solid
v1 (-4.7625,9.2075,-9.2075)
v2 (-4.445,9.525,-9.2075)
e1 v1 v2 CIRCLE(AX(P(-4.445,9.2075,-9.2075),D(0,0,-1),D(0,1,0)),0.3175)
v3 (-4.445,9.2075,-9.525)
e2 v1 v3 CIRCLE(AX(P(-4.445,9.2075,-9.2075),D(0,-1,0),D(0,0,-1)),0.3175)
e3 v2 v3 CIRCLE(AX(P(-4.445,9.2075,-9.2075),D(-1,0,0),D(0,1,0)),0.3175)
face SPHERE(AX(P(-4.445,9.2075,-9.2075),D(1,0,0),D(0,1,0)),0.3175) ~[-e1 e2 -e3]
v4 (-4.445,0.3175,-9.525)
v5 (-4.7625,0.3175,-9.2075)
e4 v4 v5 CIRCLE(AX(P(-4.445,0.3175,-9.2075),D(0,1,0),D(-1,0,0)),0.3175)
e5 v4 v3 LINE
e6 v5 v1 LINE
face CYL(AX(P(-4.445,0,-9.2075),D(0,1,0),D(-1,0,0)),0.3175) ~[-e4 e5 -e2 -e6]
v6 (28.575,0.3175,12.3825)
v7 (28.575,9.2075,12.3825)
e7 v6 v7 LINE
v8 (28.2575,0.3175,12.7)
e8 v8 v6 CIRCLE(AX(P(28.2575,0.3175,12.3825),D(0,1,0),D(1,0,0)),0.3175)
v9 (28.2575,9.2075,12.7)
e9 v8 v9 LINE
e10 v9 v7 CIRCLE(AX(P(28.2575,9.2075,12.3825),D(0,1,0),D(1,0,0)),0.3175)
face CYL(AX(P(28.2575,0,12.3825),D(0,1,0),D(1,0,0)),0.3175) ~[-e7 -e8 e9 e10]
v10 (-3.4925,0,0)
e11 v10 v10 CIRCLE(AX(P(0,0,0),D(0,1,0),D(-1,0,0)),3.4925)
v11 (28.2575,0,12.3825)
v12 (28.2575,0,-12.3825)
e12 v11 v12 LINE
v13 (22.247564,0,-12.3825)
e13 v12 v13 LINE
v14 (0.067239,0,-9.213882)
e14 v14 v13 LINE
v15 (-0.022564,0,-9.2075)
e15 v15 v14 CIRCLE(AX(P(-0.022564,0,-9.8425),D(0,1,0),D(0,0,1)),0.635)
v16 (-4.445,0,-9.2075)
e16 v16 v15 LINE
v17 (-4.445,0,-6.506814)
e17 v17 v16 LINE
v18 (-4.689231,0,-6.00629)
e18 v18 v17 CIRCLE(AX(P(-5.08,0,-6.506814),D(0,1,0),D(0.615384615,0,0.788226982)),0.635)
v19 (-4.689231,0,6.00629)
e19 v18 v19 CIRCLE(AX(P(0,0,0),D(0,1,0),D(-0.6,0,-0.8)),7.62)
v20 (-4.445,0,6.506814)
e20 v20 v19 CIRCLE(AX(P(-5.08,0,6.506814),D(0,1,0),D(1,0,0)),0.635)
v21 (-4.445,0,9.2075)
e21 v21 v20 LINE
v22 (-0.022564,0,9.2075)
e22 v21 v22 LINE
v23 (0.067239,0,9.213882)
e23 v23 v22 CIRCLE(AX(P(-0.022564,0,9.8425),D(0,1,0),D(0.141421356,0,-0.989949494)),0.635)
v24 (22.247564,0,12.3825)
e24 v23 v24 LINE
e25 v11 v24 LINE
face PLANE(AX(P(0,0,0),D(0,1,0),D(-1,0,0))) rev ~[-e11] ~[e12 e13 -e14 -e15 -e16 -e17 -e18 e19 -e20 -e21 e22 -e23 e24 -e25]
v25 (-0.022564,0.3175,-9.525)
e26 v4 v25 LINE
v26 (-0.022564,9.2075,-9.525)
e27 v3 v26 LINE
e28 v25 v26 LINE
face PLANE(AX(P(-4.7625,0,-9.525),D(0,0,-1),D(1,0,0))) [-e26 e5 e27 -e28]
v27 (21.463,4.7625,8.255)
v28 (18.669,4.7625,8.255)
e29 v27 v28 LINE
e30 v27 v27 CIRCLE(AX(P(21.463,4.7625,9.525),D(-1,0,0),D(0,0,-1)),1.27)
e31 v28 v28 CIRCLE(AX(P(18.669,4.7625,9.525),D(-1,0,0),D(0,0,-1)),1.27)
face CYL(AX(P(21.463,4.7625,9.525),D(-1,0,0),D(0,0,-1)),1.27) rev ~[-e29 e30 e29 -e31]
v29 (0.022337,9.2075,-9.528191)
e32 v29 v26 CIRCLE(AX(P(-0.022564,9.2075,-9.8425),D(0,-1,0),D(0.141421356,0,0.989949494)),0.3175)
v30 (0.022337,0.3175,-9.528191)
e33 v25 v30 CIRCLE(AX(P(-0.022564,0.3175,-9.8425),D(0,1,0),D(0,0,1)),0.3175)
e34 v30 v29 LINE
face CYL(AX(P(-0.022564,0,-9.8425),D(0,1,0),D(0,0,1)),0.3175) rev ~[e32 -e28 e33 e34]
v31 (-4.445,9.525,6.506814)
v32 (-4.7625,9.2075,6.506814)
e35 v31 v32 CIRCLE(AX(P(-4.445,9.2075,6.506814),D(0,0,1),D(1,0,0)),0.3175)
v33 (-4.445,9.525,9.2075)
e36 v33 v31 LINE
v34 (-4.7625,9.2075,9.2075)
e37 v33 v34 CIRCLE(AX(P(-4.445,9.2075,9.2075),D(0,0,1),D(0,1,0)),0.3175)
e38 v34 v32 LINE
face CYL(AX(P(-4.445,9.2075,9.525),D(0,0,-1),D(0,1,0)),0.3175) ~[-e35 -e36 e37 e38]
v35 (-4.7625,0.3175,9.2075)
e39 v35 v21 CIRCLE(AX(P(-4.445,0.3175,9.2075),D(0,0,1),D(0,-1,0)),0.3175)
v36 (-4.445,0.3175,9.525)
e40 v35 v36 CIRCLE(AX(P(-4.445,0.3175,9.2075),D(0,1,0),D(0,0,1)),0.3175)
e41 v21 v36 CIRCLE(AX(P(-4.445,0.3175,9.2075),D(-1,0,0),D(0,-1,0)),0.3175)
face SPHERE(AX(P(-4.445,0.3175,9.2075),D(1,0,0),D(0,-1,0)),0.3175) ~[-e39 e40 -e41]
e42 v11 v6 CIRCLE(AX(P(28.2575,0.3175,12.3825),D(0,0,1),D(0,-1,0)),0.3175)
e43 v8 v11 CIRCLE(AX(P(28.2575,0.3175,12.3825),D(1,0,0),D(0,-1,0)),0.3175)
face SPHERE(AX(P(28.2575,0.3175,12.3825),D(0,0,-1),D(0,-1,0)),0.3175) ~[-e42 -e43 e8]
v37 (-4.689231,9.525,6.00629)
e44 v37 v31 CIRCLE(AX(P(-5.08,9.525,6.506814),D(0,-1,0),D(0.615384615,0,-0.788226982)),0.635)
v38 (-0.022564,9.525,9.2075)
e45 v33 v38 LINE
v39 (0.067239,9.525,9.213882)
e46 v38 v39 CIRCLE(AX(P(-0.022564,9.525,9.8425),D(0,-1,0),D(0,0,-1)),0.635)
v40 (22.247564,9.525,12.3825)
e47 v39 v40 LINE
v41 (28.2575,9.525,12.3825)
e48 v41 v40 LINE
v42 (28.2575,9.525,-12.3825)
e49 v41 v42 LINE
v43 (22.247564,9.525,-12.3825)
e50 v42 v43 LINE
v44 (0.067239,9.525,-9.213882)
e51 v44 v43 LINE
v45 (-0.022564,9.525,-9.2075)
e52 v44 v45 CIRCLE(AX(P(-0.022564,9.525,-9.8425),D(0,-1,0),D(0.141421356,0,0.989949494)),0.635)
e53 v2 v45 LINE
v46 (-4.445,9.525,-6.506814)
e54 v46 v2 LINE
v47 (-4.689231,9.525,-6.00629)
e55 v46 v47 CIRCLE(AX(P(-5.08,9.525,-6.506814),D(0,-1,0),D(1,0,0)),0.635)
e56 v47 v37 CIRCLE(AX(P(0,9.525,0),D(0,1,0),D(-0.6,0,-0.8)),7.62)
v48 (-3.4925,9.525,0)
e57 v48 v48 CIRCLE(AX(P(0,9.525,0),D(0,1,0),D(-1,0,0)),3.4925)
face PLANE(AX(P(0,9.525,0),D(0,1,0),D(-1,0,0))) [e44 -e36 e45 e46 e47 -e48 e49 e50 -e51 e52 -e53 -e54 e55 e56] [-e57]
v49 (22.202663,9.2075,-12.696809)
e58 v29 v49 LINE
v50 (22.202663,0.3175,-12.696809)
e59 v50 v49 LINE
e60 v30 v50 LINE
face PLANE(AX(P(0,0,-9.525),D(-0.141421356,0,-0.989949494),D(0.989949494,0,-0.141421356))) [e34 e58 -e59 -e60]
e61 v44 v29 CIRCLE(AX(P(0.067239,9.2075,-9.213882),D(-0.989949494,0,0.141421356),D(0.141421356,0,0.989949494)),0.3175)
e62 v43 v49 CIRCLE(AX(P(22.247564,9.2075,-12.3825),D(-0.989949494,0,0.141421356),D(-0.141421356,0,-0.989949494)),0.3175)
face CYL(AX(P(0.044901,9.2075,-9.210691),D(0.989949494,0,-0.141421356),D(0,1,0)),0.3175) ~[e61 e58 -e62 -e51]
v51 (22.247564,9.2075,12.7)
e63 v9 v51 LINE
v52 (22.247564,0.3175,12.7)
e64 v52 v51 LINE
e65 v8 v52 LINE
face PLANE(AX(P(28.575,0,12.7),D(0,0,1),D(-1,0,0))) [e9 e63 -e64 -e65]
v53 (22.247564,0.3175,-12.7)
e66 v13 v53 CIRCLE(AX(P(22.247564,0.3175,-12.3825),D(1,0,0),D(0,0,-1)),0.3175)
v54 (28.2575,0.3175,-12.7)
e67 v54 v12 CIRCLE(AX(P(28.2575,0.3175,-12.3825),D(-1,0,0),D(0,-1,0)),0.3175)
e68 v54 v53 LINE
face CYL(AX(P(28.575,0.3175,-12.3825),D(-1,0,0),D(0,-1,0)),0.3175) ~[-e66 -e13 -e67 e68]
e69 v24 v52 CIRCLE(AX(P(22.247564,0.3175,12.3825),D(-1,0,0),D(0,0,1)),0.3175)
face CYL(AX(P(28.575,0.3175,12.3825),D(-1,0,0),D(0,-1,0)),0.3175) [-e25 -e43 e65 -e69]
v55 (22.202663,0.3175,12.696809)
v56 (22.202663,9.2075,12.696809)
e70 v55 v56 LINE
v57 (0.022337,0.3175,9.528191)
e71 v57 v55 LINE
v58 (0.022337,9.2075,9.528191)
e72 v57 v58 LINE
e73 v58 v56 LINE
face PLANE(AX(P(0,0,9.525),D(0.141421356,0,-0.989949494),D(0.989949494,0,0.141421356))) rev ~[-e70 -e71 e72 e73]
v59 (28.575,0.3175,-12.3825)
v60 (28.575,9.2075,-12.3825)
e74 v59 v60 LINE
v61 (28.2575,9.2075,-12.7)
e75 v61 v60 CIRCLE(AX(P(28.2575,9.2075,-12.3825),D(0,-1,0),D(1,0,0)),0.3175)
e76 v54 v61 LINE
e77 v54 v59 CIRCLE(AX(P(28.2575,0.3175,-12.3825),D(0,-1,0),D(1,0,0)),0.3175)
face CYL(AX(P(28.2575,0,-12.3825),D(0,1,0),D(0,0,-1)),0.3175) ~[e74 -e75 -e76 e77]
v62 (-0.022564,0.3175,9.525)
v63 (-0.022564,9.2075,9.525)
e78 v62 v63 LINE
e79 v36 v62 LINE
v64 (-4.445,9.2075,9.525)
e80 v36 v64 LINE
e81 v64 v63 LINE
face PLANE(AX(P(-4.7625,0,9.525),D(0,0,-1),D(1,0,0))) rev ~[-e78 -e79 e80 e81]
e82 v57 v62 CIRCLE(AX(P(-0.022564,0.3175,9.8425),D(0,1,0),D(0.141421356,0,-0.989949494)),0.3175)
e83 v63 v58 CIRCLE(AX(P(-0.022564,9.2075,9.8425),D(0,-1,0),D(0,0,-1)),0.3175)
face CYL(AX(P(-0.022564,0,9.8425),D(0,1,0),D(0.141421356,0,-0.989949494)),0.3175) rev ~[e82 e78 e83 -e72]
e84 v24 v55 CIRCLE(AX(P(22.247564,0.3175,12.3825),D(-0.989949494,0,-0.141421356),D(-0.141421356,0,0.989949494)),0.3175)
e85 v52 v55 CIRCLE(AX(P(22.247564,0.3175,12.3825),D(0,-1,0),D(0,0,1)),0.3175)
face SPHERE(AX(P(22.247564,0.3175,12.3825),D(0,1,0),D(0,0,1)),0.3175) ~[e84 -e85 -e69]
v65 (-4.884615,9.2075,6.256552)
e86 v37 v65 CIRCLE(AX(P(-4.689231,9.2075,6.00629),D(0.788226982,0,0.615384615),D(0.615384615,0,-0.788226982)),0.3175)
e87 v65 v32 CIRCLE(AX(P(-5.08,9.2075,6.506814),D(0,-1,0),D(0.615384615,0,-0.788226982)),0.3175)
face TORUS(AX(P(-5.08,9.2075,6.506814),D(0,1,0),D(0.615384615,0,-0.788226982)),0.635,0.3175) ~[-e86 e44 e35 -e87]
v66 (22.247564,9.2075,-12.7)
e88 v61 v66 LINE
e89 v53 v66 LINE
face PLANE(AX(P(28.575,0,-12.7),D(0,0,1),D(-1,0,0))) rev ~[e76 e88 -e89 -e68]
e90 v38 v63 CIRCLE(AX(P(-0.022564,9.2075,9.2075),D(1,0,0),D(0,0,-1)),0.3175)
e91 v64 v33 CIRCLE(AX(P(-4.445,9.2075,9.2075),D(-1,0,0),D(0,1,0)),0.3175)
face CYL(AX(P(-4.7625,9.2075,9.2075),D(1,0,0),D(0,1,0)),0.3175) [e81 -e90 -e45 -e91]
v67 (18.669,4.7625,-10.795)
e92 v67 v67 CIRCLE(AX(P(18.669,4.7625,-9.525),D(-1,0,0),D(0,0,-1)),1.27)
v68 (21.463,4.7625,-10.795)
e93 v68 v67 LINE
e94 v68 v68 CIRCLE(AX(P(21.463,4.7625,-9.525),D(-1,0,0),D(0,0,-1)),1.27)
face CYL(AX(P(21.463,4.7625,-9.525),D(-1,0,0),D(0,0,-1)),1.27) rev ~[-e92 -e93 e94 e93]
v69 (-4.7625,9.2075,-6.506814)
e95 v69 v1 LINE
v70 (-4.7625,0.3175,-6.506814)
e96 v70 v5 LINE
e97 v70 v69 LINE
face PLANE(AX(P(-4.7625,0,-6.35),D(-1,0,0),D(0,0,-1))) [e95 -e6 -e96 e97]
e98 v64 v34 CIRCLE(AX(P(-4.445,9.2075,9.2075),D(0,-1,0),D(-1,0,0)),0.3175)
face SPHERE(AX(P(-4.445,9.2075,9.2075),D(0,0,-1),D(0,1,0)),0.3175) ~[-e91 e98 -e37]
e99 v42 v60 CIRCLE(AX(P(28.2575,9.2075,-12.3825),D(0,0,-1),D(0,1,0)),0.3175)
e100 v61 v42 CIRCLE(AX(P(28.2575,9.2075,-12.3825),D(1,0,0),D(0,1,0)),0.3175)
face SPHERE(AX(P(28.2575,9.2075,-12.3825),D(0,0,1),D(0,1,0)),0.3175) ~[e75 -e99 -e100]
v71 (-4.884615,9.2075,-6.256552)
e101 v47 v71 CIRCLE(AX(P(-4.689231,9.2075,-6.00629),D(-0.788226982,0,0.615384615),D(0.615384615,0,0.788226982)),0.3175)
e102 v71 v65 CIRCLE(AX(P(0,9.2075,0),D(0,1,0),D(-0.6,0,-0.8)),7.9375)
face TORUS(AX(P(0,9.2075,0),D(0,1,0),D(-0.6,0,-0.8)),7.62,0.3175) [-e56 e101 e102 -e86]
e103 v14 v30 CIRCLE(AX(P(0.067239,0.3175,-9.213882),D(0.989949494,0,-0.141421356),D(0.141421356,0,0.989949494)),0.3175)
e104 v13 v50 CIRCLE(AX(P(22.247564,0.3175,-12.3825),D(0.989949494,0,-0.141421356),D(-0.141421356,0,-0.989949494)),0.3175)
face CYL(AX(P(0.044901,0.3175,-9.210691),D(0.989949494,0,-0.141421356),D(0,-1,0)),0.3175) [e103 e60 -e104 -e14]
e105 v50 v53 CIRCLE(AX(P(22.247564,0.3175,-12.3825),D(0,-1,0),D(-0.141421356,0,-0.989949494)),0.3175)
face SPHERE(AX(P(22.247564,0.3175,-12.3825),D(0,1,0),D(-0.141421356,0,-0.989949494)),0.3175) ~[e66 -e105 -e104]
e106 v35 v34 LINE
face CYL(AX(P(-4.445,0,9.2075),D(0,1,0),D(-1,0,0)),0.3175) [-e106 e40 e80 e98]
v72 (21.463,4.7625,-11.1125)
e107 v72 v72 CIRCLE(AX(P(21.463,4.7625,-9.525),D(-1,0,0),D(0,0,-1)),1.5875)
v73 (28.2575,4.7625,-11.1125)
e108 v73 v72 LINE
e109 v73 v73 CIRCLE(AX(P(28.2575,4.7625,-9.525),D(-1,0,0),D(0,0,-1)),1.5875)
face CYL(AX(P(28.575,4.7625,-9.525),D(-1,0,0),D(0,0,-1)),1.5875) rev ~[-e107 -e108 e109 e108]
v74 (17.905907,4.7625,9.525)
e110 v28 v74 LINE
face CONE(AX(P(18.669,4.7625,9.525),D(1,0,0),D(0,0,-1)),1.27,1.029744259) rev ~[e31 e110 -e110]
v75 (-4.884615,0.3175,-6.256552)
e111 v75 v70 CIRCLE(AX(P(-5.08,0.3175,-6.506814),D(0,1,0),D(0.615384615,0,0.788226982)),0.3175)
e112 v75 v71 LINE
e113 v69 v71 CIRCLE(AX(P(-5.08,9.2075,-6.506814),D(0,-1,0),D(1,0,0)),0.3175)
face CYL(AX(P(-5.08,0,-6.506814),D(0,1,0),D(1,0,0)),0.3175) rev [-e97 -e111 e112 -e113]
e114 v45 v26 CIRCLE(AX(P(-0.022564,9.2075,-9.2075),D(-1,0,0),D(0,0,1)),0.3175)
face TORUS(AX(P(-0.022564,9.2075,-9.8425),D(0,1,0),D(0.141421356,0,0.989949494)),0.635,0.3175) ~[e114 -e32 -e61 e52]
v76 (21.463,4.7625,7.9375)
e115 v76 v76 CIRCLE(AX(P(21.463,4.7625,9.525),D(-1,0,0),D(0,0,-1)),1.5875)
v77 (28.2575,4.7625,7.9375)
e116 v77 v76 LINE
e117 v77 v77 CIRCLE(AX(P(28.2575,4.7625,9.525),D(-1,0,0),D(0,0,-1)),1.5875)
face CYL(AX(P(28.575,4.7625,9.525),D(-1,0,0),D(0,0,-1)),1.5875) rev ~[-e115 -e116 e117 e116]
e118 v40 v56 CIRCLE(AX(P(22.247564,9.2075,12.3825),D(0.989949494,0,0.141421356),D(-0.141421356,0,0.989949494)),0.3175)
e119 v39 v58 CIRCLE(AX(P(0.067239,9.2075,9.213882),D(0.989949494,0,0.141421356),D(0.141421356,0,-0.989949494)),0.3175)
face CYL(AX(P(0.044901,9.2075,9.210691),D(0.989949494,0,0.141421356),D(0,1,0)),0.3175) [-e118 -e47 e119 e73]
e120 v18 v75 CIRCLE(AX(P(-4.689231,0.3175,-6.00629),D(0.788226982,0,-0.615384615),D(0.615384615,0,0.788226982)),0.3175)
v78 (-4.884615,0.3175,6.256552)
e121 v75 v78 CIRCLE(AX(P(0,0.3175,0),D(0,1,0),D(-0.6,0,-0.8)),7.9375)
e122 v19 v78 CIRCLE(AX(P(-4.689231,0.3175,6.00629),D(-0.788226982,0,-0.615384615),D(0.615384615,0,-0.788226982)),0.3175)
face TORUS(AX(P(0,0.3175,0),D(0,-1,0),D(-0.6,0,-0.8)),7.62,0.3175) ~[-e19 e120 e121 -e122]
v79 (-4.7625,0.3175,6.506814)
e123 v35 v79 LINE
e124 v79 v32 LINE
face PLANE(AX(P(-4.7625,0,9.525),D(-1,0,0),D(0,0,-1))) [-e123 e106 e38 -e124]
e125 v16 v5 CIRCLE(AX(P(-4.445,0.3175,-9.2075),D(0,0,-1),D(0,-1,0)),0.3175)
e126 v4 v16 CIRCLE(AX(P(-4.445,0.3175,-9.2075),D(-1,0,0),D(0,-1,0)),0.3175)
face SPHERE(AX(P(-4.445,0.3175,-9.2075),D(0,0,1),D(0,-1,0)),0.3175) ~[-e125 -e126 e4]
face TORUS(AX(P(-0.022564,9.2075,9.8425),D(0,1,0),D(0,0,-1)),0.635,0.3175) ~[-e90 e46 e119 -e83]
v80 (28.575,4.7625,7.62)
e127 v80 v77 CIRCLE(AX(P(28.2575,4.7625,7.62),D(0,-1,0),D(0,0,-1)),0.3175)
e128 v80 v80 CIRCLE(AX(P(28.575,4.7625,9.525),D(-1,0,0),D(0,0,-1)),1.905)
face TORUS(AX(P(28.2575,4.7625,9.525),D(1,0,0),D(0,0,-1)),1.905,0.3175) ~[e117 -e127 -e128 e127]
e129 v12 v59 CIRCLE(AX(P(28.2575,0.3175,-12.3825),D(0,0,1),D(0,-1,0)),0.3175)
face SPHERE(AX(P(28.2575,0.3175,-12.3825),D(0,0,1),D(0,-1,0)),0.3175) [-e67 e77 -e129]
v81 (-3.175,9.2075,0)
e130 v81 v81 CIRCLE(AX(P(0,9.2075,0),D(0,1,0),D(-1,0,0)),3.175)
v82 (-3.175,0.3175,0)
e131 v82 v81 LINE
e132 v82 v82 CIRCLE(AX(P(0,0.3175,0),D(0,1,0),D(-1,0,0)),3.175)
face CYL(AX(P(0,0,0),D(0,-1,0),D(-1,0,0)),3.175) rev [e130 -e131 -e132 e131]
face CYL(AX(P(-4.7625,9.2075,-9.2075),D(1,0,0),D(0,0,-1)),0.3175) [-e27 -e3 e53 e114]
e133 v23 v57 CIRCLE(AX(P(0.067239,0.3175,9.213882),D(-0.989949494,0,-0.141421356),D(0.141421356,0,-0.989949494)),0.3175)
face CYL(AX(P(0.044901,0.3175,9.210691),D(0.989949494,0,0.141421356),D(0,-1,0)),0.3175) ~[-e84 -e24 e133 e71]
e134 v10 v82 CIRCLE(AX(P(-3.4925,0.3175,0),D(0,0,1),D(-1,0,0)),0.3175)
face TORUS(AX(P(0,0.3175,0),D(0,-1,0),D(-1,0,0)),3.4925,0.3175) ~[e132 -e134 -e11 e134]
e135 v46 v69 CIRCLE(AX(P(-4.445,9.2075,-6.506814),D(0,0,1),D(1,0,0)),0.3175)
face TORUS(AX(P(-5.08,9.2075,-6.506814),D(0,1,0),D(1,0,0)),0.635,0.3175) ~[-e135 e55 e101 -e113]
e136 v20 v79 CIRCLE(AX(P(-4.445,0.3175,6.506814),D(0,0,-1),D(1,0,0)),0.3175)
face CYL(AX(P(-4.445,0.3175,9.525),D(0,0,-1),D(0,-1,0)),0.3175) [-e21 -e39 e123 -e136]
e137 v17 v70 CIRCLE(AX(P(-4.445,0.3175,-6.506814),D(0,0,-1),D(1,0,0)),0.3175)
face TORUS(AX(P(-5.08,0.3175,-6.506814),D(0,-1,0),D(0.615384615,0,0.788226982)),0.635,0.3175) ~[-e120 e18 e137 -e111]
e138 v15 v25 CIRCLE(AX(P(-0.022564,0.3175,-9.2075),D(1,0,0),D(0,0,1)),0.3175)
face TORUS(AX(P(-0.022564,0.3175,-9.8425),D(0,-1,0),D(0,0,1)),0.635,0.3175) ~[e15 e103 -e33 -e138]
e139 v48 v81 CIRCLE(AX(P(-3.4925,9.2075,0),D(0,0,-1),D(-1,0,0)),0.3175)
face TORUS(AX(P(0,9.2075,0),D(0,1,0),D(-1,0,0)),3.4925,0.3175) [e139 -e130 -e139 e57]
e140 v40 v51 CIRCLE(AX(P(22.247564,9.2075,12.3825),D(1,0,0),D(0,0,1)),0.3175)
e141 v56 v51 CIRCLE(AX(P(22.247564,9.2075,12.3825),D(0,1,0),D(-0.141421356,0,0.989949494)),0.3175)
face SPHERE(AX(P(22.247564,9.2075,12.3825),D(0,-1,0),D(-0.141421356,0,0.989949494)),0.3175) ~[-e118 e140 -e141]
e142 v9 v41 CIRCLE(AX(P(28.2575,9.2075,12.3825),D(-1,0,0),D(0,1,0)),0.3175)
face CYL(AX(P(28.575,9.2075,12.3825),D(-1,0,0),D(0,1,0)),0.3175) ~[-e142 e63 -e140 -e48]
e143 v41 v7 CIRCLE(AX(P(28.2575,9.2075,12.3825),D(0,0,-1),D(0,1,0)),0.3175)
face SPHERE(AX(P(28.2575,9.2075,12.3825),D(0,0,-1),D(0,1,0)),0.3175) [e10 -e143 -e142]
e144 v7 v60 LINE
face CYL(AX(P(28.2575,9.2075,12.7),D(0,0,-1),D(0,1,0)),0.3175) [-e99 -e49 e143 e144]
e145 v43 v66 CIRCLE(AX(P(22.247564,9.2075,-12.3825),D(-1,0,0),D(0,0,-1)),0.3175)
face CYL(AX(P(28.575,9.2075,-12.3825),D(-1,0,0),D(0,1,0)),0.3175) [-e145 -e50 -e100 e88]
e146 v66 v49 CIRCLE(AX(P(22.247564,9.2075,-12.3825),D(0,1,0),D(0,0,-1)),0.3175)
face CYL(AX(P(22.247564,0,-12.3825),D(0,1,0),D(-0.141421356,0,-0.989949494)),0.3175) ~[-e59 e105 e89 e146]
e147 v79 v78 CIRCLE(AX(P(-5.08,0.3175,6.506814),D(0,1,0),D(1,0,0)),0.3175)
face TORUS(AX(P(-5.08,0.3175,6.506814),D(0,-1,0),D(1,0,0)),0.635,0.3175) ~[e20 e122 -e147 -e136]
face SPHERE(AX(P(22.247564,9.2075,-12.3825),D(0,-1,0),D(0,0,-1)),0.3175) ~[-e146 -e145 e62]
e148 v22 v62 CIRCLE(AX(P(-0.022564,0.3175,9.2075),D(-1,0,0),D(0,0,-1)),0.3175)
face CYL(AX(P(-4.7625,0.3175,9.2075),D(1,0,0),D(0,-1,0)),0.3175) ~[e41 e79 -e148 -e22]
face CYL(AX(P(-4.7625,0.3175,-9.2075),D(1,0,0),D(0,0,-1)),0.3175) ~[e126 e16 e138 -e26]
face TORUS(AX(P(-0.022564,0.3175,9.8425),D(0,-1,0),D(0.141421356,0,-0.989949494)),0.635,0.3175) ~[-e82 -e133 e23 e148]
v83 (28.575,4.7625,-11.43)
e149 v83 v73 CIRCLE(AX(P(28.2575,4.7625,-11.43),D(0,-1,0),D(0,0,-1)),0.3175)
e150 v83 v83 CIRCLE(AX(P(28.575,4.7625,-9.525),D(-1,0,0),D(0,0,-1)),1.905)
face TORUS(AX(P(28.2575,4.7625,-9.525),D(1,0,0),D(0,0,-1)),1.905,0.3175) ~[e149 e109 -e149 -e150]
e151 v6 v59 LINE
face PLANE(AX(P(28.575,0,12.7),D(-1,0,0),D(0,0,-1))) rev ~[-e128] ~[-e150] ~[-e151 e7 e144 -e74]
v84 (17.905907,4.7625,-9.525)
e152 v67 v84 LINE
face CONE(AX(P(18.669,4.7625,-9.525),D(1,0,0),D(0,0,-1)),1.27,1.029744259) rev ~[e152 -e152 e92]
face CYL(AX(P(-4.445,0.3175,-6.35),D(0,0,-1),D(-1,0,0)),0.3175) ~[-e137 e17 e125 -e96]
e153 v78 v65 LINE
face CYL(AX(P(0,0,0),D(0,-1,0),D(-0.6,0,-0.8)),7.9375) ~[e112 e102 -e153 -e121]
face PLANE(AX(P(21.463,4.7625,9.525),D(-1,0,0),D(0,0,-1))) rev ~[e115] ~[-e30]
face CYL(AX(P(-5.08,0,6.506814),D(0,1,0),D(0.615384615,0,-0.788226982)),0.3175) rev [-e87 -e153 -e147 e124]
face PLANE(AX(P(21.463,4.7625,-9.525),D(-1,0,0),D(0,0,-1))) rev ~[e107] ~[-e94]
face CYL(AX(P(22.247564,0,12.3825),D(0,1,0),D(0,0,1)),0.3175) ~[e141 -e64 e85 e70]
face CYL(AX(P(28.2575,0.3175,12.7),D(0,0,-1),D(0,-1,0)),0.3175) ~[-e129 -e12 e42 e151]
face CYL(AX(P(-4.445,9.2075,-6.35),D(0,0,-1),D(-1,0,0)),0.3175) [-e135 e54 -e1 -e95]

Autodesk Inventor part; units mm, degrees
ref_plane "YZ Plane" through (0, 0, 0) normal (1, 0, 0) x (0, 1, 0)
ref_plane "XZ Plane" through (0, 0, 0) normal (0, 1, 0) x (-1, 0, 0)
ref_plane "XY Plane" through (0, 0, 0) normal (0, 0, 1) x (1, 0, 0)
sketch "Sketch1" plane through (0, 0, 0) normal (0, 1, 0) x (-1, 0, 0)
  circle A0 centre (0, 0) radius 3.175
  arc A1 (4.7625, -6.35) -> (4.7625, 6.35) centre (0, 0) ccw
  line L0 (-28.575, 12.7) -> (-28.575, -12.7)
  line L1 (-28.575, -12.7) -> (-22.225, -12.7)
  line L2 (-28.575, 12.7) -> (-22.225, 12.7)
  line L3 (4.7625, -9.525) -> (0, -9.525)
  line L4 (4.7625, 9.525) -> (0, 9.525)
  line L5 (0, -9.525) -> (-22.225, -12.7)
  line L6 (0, 9.525) -> (-22.225, 12.7)
  line L7 (4.7625, 9.525) -> (4.7625, 6.35)
  line L8 (4.7625, -6.35) -> (4.7625, -9.525)
  point P0 (-28.575, 0)
  point P1 (4.7625, 0)
  dimension "d0" = 6.35
  dimension "d1" = 15.875
  dimension "d2" = 25.4
  dimension "d3" = 19.05
  dimension "d5" = 6.35
  dimension "d6" = 6.35
  dimension "d7" = 4.7625
  dimension "d8" = 4.7625
  dimension "d9" = 28.575
  dimension "d12" = 98.13
  dimension "d13" = 98.13
  dimension "d14" = 0
  dimension "d15" = 0
extrude "Extrusion1" add sketch "Sketch1" along normal blind 9.525
sketch "Sketch2" plane through (28.575, 0, 12.7) normal (1, 0, 0) x (0, 0, -1)
  line L0 (0, 0) -> (25.4, 0) projected
  line L1 (25.4, 0) -> (25.4, 9.525) projected
  line L2 (0, 9.525) -> (25.4, 9.525) projected
  line L3 (0, 0) -> (0, 9.525) projected
  circle A0 centre (3.175, 4.7625) radius 1.6654
  circle A1 centre (22.225, 4.7625) radius 1.6717
  point P0 (12.7, 0)
  dimension "d16" = 19.05
  dimension "d17" = 9.525
hole "Hole1" at (28.575, 4.7625, 9.525) at (28.575, 4.7625, -9.525) direction (-1, 0, 0) diameter 2.54 depth 9.906 tip angle 118 counterbore diameter 3.175 counterbore depth 7.112
fillet "Fillet1" radius 0.3175 32 edges at (28.575, 0, 0) (25.4, 0, 12.7) (11.1125, 0, 11.1125) (-2.3813, 0, 9.525) (-4.7625, 0, 7.9375) (-7.9375, 0, 0) (-4.7625, 0, -7.9375) (-2.3813, 0, -9.525) (11.1125, 0, -11.1125) (25.4, 0, -12.7) (28.575, 9.525, 0) (25.4, 9.525, -12.7) (11.1125, 9.525, -11.1125) (-2.3813, 9.525, -9.525) (-4.7625, 9.525, -7.9375) (-7.9375, 9.525, 0) (-4.7625, 9.525, 7.9375) (-2.3813, 9.525, 9.525) (11.1125, 9.525, 11.1125) (25.4, 9.525, 12.7) (22.225, 4.7625, 12.7) (0, 4.7625, 9.525) (-4.7625, 4.7625, 9.525) (-4.7625, 4.7625, 6.35) (0, 4.7625, -9.525) (22.225, 4.7625, -12.7) (-4.7625, 4.7625, -9.525) (-4.7625, 4.7625, -6.35) (3.175, 0, 0) (3.175, 9.525, 0) (28.575, 4.7625, -12.7) (28.575, 4.7625, 12.7)
fillet "Fillet2" radius 0.3175 2 edges at (28.575, 4.7625, -7.9375) (28.575, 4.7625, 11.1125)
sketch "Sketch3" plane through (0, 9.525, 0) normal (0, 1, 0) x (1, 0, 0)
  line L0 (18.7817, -11.0314) -> (18.7817, 10.6001) construction
  line L1 (18.7817, 10.6001) -> (26.0293, 10.6001) construction
  line L2 (26.0293, 10.6001) -> (26.0293, -11.0314) construction
  line L3 (26.0293, -11.0314) -> (18.7817, -11.0314) construction
  point P0 (0, 0)
equation "\"d8\" = d7"
properties part number "bearing" material "Gold"
